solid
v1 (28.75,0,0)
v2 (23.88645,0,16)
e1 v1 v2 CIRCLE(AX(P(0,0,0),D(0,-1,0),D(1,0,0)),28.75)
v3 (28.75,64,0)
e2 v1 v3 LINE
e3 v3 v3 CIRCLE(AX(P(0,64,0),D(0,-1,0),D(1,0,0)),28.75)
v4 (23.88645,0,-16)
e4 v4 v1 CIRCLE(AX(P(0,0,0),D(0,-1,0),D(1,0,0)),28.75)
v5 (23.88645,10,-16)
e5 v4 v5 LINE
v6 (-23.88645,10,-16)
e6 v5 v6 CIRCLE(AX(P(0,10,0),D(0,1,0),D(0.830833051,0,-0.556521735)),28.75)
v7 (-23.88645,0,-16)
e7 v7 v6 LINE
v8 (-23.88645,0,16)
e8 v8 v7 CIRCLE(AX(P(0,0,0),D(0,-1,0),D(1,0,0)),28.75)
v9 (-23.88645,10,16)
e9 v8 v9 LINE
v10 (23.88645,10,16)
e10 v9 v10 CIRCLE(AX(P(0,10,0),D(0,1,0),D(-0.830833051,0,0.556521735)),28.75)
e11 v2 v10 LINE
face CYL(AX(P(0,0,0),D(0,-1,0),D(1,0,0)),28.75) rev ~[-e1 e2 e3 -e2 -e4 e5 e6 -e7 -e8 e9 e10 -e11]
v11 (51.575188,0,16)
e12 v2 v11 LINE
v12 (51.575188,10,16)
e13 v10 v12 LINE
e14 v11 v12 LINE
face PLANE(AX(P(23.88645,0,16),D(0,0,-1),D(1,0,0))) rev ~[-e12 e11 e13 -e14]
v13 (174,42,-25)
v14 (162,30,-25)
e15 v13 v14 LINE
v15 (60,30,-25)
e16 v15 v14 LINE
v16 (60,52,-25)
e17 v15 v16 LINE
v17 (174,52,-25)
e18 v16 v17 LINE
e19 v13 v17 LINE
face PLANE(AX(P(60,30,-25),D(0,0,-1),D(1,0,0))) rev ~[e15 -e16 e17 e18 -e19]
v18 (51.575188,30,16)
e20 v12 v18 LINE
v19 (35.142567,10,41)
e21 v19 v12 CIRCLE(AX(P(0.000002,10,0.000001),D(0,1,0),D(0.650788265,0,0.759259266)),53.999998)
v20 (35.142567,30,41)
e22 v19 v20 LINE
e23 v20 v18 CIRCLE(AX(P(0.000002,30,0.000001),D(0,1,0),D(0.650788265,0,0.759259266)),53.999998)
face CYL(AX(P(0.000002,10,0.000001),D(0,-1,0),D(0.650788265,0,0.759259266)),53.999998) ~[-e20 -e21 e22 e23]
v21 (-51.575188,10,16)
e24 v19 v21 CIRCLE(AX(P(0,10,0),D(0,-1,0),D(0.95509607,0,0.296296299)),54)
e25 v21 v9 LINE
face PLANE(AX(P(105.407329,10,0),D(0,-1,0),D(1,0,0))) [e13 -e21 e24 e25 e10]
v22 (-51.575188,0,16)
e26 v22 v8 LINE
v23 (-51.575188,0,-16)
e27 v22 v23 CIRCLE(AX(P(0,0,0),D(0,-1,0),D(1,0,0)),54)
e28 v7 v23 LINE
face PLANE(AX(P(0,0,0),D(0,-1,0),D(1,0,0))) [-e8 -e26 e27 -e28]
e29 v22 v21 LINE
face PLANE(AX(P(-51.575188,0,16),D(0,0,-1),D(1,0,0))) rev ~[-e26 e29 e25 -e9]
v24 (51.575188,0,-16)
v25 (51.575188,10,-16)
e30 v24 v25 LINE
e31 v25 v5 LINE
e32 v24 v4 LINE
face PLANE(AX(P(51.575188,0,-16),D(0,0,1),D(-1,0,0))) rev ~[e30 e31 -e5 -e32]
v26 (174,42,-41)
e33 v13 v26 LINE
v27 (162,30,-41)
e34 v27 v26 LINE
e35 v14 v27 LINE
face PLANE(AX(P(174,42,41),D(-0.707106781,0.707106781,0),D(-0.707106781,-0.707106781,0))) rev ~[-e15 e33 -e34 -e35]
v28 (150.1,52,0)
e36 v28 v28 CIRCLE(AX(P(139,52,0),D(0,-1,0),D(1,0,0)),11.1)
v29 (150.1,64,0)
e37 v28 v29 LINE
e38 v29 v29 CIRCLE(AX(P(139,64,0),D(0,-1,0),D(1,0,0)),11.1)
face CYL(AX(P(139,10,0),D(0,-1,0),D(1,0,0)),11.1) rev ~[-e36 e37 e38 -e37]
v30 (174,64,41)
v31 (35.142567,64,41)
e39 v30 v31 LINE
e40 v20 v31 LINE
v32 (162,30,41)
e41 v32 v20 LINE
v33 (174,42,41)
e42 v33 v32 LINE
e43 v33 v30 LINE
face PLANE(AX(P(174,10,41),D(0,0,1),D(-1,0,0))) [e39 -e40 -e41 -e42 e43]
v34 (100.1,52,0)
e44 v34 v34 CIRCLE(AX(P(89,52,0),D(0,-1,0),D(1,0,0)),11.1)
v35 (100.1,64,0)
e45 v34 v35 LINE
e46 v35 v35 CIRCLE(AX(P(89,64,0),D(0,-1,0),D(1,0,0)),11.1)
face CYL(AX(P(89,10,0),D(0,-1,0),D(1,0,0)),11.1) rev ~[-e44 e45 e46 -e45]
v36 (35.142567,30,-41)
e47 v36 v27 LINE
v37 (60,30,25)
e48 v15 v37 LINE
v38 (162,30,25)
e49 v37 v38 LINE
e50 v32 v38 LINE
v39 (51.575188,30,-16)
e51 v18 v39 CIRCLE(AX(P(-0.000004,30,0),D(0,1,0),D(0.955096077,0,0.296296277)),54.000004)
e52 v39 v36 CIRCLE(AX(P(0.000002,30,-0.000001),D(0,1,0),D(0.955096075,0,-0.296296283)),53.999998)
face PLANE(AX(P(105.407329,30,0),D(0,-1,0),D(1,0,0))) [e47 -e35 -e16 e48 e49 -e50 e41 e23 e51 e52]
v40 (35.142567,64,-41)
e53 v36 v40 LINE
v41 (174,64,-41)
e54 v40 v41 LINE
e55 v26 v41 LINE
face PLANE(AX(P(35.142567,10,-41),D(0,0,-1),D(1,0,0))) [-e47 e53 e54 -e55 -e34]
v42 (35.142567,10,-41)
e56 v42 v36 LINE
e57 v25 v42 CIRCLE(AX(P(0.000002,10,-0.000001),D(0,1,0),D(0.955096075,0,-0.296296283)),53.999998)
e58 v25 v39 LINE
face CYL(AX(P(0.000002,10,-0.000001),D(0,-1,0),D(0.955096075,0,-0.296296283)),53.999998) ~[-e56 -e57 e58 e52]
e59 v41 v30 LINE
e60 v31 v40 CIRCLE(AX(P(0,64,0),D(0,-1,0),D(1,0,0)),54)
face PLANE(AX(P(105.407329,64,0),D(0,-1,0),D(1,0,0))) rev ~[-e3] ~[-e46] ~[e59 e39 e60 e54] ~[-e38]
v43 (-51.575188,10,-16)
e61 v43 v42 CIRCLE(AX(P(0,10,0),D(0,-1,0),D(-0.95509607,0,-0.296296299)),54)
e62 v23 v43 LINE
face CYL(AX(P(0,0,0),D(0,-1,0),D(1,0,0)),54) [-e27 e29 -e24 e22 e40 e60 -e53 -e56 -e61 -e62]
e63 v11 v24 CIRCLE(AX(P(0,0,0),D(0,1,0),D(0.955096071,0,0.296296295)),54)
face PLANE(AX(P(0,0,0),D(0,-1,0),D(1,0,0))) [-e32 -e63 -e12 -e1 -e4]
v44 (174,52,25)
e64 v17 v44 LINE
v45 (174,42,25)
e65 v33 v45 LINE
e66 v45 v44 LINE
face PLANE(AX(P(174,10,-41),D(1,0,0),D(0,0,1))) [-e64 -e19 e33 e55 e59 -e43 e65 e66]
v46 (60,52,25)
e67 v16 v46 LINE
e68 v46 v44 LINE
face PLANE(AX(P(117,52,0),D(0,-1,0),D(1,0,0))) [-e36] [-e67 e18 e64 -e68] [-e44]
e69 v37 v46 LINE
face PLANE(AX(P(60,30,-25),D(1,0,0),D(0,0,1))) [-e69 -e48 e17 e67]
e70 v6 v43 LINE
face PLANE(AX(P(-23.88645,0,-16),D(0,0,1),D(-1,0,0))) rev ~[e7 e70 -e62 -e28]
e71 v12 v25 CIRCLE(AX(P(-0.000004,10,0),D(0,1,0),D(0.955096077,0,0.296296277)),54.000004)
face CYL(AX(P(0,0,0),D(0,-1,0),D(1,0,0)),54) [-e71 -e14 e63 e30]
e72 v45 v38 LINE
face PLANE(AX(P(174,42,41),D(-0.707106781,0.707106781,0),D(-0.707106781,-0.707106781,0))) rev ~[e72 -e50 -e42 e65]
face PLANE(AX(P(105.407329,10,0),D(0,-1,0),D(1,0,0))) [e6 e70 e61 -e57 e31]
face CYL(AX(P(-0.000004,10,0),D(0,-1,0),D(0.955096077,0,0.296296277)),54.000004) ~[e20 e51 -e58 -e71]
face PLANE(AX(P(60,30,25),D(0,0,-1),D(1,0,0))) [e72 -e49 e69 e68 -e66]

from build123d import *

# Parameters (mm, degrees)
F0_R      = 54
F0_R_2    = 28.75
F1_DEPTH  = 64
F3_DEPTH  = 10
F4_R      = 11.1
F5_DEPTH  = 54
F6_DEPTH  = 20
F8_DEPTH  = 95.001
F9_W      = 114
F9_H      = 50
F10_DEPTH = 22


with BuildPart() as f1:
    # F0 (on Front) → F1 (new body)
    with BuildSketch(Plane.XZ):
        Circle(F0_R)
        Circle(F0_R_2, mode=Mode.SUBTRACT)
    extrude(amount=-F1_DEPTH)

    # F2 (on face) → F3 (cut)
    with BuildSketch(Plane.XZ):
        with BuildLine():
            ThreePointArc((23.88645, -16), (0, -28.75), (-23.88645, -16))
            Line((-23.88645, -16), (-51.575188, -16))
            ThreePointArc((-51.575188, -16), (0, -54), (51.575188, -16))
            Line((51.575188, -16), (23.88645, -16))
        make_face()
        with BuildLine():
            ThreePointArc((51.575188, 16), (0, 54), (-51.575188, 16))
            Line((-51.575188, 16), (-23.88645, 16))
            ThreePointArc((-23.88645, 16), (0, 28.75), (23.88645, 16))
            Line((23.88645, 16), (51.575188, 16))
        make_face()
    extrude(amount=-F3_DEPTH, mode=Mode.SUBTRACT)

    # F4 (on face) → F5 (join, through all)
    with BuildSketch(Plane.XZ.offset(-10)):
        with BuildLine():
            ThreePointArc((51.575188, -16), (45.124741, -29.660711), (35.142567, -41))
            Line((35.142567, -41), (174, -41))
            Line((174, -41), (174, 41))
            Line((174, 41), (35.142567, 41))
            ThreePointArc((35.142567, 41), (45.124741, 29.660711), (51.575188, 16))
            ThreePointArc((51.575188, 16), (54, 0), (51.575188, -16))
        make_face()
        with Locations((89, 0)):
            Circle(F4_R, mode=Mode.SUBTRACT)
        with Locations((139, 0)):
            Circle(F4_R, mode=Mode.SUBTRACT)
    extrude(amount=-F5_DEPTH)

    # F4 (on face) → F6 (cut)
    with BuildSketch(Plane.XZ.offset(-10)):
        with BuildLine():
            ThreePointArc((51.575188, -16), (45.124741, -29.660711), (35.142567, -41))
            Line((35.142567, -41), (174, -41))
            Line((174, -41), (174, 41))
            Line((174, 41), (35.142567, 41))
            ThreePointArc((35.142567, 41), (45.124741, 29.660711), (51.575188, 16))
            ThreePointArc((51.575188, 16), (54, 0), (51.575188, -16))
        make_face()
        with Locations((89, 0)):
            Circle(F4_R, mode=Mode.SUBTRACT)
        with Locations((139, 0)):
            Circle(F4_R, mode=Mode.SUBTRACT)
    extrude(amount=-F6_DEPTH, mode=Mode.SUBTRACT)

    # F7 (on face) → F8 (cut, through all)
    with BuildSketch(Plane.XY.offset(41)):
        Polygon((174, 42), (162, 30), (174, 30), align=None)
    extrude(amount=-F8_DEPTH, mode=Mode.SUBTRACT)

    # F9 (on face) → F10 (cut)
    with BuildSketch(Plane.XZ.offset(-30)):
        with Locations((117, 0)):
            Rectangle(F9_W, F9_H)
    extrude(amount=-F10_DEPTH, mode=Mode.SUBTRACT)


solid = f1.part
